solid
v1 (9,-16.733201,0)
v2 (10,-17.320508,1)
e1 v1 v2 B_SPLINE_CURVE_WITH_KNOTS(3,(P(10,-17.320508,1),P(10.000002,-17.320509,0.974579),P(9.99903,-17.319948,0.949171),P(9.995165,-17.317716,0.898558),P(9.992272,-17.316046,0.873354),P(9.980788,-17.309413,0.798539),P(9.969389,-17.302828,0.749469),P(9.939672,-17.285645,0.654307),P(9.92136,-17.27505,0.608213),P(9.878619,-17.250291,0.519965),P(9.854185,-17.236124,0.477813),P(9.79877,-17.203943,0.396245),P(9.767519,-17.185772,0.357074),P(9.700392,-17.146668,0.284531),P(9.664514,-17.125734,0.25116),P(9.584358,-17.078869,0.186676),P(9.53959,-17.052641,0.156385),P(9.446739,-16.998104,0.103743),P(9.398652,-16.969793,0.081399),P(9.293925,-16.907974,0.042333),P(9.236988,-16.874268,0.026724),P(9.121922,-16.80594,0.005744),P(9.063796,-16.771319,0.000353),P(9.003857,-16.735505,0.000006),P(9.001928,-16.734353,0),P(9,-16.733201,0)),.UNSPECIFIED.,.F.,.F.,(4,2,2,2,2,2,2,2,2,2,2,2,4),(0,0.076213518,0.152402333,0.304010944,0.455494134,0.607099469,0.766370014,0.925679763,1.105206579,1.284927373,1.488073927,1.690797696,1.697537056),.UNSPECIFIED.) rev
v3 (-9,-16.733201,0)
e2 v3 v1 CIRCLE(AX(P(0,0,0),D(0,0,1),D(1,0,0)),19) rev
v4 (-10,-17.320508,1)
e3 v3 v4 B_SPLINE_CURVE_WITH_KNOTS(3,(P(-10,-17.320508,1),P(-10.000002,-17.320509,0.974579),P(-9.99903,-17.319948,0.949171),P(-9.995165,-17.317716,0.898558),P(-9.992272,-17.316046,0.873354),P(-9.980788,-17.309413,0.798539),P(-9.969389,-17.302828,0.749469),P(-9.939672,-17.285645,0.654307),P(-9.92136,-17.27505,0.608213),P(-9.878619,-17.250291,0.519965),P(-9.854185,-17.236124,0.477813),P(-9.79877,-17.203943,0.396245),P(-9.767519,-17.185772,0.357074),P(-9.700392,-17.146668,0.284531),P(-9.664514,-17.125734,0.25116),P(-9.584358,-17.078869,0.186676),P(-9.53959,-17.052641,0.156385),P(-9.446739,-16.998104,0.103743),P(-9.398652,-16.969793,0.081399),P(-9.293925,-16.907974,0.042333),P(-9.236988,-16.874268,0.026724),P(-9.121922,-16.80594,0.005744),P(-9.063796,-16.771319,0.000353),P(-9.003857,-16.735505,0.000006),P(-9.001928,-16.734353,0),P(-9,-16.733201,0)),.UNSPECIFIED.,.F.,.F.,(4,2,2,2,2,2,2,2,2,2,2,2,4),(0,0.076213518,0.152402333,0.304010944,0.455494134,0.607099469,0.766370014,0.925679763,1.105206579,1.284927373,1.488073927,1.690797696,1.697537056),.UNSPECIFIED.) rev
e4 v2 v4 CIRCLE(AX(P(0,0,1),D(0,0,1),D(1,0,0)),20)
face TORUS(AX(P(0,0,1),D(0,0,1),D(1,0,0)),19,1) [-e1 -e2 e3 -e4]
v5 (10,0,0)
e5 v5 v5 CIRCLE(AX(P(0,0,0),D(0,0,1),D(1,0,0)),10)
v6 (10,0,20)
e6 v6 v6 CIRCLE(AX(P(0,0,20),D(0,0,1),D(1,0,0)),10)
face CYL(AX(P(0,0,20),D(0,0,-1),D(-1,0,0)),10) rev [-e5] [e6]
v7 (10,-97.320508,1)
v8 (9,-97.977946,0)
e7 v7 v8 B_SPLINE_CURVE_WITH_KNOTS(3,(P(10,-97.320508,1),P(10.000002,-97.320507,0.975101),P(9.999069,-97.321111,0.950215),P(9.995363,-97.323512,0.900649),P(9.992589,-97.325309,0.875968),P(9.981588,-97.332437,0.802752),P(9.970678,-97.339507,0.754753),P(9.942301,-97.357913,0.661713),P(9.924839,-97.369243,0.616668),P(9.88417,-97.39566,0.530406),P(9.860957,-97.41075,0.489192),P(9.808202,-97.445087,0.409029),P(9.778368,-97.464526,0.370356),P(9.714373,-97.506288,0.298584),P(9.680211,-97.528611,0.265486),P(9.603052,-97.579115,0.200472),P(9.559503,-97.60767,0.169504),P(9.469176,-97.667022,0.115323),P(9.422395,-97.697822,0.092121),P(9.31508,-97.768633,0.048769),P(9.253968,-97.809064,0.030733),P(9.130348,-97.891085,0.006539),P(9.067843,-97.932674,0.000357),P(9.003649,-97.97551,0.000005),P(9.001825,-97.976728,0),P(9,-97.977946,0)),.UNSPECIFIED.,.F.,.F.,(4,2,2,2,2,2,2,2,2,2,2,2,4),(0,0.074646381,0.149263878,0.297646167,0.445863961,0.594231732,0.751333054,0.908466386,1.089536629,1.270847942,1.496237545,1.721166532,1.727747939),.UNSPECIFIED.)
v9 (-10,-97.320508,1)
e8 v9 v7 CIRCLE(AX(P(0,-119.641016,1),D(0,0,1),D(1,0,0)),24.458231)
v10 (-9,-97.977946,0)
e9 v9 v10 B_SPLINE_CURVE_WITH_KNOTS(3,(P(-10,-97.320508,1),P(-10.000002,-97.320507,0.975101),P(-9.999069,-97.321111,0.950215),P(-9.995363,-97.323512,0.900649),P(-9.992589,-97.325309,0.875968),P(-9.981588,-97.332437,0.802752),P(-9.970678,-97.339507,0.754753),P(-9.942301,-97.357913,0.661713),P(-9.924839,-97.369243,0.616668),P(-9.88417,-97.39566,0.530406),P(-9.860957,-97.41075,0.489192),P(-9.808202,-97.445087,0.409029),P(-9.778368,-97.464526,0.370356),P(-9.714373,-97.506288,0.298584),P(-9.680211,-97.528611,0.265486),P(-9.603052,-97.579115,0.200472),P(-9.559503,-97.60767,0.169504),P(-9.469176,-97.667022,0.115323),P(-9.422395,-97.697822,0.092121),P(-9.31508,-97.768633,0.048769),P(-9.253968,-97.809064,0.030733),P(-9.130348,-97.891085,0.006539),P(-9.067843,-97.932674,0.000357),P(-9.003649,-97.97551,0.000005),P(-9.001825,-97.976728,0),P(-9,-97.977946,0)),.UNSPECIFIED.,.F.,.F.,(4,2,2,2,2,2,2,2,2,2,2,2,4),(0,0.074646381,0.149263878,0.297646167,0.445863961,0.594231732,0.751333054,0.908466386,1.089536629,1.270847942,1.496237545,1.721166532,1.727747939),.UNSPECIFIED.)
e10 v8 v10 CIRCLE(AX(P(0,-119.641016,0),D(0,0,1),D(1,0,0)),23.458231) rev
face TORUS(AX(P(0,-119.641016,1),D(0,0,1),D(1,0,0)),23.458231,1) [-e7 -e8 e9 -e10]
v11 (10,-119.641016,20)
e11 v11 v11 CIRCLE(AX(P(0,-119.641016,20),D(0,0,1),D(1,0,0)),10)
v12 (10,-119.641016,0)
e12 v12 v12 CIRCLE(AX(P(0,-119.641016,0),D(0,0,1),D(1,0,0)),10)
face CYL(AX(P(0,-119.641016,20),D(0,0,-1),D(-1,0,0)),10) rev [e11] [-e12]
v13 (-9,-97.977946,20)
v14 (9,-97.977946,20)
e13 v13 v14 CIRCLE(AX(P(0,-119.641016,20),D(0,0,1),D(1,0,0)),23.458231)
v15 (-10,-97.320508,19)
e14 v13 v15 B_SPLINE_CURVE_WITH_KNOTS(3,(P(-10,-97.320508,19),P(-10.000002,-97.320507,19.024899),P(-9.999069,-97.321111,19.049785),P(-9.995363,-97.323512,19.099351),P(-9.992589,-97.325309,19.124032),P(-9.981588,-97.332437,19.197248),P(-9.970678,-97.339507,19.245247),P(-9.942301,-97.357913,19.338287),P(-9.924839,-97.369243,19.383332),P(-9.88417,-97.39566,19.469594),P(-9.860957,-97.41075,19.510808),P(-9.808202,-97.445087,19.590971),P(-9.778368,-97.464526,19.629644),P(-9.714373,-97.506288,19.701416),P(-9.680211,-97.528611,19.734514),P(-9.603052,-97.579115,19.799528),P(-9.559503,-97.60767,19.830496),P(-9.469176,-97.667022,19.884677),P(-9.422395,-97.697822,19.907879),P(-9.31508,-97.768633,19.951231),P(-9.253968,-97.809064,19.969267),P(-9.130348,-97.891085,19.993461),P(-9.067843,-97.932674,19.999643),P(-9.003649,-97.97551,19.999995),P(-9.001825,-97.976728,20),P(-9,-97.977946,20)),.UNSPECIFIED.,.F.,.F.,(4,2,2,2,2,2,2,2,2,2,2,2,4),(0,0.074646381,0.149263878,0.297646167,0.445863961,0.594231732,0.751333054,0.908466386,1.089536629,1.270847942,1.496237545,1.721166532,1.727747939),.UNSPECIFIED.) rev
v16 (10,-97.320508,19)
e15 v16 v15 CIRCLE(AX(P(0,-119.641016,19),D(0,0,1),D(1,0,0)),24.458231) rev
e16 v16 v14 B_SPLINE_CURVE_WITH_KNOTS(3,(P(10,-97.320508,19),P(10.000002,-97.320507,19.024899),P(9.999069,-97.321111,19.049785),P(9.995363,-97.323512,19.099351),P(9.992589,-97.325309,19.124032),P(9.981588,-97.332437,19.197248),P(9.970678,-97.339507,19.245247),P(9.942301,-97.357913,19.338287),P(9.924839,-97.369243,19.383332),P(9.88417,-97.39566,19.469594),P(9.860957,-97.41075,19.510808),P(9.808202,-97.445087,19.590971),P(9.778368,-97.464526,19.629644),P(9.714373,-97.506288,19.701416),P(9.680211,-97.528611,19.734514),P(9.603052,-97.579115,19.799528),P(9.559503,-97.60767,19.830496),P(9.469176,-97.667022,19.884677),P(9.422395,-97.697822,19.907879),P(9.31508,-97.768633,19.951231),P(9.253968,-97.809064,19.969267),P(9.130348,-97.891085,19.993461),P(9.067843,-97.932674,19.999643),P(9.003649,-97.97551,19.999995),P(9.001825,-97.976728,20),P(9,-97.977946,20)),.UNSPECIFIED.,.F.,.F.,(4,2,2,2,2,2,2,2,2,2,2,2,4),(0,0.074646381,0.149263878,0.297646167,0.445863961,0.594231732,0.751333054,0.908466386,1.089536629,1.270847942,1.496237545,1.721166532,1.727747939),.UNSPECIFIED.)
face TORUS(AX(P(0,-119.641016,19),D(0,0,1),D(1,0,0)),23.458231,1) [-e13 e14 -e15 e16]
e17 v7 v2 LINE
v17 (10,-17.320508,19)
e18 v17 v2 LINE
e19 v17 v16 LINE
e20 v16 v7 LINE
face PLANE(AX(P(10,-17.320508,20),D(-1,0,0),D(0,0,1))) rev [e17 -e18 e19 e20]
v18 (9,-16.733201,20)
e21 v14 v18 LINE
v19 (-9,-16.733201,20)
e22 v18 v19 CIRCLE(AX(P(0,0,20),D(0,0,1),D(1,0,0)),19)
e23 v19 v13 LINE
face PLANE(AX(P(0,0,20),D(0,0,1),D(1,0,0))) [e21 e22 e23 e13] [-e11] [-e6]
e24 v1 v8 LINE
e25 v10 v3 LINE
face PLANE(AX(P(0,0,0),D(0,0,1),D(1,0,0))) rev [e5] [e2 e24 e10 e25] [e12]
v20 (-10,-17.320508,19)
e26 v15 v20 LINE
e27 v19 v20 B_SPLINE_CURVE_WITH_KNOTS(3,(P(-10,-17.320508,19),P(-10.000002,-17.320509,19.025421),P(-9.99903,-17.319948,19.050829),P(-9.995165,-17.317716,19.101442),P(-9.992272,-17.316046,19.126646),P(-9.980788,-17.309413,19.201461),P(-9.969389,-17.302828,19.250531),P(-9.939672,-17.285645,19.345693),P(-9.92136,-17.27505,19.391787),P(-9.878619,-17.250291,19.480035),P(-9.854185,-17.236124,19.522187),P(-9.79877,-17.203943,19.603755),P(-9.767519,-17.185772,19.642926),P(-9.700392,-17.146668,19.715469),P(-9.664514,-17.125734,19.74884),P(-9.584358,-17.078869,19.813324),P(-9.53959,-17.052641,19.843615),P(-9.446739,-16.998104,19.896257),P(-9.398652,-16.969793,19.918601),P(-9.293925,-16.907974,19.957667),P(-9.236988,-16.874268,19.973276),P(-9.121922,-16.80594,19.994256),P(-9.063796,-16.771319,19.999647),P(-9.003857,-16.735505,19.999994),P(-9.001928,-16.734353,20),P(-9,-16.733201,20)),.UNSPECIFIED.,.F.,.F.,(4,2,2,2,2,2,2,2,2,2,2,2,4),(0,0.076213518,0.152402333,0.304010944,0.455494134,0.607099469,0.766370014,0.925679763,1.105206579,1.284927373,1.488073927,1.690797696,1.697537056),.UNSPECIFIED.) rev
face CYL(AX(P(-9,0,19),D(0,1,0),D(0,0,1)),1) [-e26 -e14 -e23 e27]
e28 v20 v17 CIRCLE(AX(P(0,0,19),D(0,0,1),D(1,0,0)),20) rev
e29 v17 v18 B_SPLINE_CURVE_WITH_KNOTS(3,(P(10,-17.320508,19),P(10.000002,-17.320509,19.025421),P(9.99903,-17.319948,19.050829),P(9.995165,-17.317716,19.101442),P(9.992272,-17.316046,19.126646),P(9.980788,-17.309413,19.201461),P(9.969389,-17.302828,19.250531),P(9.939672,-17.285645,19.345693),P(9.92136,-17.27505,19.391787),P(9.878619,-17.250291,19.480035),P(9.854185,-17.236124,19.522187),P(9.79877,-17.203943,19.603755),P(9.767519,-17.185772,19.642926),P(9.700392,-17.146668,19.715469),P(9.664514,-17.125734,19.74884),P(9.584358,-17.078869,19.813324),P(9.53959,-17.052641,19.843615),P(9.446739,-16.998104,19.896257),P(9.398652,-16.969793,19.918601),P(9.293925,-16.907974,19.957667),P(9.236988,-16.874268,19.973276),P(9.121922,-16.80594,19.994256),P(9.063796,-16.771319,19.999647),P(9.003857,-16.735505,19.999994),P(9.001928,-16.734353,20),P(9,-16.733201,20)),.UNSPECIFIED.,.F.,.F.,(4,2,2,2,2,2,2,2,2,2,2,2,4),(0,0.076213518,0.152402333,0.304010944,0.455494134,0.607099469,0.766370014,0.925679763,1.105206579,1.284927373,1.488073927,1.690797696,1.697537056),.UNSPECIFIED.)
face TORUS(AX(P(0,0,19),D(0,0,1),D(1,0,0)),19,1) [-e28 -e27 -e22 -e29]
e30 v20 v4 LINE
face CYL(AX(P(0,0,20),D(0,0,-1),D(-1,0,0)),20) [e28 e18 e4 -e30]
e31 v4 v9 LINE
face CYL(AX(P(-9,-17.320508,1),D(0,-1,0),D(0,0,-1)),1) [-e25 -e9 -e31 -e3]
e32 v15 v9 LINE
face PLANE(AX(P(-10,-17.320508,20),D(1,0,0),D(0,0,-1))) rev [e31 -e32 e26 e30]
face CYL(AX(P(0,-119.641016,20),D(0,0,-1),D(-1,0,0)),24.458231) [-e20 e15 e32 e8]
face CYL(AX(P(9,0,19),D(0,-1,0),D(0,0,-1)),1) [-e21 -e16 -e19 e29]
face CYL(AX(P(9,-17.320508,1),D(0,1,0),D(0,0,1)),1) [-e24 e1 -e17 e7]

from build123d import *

# Parameters (mm, degrees)
ESQUISSE1_R        = 10
BOSS_EXTRU_1_DEPTH = 20
CONG_2_R           = 1


with BuildPart() as part:
    # Esquisse1 → Boss.-Extru.1 (new body)
    with BuildSketch(Plane.XY):
        with BuildLine():
            Line((-10, -17.320508076), (-10, -97.320508076))
            ThreePointArc((-10, -97.320508076), (0, -144.099247501), (10, -97.320508076))
            Line((10, -97.320508076), (10, -17.320508076))
            ThreePointArc((10, -17.320508076), (0, 20), (-10, -17.320508076))
        make_face()
        Circle(ESQUISSE1_R, mode=Mode.SUBTRACT)
        with Locations((0, -119.641016151)):
            Circle(ESQUISSE1_R, mode=Mode.SUBTRACT)
    extrude(amount=BOSS_EXTRU_1_DEPTH)

    # Congé2
    cong_2_edges = [part.edges().sort_by_distance(p)[0] for p in [
        (0, -144.099247501, 20),
        (10, -57.320508076, 20),
        (0, 20, 20),
        (10, -57.320508076, 0),
        (0, -144.099247501, 0),
        (-10, -57.320508076, 0),
        (0, 20, 0),
        (-10, -57.320508076, 20),
    ]]
    fillet(cong_2_edges, radius=CONG_2_R)


solid = part.part
